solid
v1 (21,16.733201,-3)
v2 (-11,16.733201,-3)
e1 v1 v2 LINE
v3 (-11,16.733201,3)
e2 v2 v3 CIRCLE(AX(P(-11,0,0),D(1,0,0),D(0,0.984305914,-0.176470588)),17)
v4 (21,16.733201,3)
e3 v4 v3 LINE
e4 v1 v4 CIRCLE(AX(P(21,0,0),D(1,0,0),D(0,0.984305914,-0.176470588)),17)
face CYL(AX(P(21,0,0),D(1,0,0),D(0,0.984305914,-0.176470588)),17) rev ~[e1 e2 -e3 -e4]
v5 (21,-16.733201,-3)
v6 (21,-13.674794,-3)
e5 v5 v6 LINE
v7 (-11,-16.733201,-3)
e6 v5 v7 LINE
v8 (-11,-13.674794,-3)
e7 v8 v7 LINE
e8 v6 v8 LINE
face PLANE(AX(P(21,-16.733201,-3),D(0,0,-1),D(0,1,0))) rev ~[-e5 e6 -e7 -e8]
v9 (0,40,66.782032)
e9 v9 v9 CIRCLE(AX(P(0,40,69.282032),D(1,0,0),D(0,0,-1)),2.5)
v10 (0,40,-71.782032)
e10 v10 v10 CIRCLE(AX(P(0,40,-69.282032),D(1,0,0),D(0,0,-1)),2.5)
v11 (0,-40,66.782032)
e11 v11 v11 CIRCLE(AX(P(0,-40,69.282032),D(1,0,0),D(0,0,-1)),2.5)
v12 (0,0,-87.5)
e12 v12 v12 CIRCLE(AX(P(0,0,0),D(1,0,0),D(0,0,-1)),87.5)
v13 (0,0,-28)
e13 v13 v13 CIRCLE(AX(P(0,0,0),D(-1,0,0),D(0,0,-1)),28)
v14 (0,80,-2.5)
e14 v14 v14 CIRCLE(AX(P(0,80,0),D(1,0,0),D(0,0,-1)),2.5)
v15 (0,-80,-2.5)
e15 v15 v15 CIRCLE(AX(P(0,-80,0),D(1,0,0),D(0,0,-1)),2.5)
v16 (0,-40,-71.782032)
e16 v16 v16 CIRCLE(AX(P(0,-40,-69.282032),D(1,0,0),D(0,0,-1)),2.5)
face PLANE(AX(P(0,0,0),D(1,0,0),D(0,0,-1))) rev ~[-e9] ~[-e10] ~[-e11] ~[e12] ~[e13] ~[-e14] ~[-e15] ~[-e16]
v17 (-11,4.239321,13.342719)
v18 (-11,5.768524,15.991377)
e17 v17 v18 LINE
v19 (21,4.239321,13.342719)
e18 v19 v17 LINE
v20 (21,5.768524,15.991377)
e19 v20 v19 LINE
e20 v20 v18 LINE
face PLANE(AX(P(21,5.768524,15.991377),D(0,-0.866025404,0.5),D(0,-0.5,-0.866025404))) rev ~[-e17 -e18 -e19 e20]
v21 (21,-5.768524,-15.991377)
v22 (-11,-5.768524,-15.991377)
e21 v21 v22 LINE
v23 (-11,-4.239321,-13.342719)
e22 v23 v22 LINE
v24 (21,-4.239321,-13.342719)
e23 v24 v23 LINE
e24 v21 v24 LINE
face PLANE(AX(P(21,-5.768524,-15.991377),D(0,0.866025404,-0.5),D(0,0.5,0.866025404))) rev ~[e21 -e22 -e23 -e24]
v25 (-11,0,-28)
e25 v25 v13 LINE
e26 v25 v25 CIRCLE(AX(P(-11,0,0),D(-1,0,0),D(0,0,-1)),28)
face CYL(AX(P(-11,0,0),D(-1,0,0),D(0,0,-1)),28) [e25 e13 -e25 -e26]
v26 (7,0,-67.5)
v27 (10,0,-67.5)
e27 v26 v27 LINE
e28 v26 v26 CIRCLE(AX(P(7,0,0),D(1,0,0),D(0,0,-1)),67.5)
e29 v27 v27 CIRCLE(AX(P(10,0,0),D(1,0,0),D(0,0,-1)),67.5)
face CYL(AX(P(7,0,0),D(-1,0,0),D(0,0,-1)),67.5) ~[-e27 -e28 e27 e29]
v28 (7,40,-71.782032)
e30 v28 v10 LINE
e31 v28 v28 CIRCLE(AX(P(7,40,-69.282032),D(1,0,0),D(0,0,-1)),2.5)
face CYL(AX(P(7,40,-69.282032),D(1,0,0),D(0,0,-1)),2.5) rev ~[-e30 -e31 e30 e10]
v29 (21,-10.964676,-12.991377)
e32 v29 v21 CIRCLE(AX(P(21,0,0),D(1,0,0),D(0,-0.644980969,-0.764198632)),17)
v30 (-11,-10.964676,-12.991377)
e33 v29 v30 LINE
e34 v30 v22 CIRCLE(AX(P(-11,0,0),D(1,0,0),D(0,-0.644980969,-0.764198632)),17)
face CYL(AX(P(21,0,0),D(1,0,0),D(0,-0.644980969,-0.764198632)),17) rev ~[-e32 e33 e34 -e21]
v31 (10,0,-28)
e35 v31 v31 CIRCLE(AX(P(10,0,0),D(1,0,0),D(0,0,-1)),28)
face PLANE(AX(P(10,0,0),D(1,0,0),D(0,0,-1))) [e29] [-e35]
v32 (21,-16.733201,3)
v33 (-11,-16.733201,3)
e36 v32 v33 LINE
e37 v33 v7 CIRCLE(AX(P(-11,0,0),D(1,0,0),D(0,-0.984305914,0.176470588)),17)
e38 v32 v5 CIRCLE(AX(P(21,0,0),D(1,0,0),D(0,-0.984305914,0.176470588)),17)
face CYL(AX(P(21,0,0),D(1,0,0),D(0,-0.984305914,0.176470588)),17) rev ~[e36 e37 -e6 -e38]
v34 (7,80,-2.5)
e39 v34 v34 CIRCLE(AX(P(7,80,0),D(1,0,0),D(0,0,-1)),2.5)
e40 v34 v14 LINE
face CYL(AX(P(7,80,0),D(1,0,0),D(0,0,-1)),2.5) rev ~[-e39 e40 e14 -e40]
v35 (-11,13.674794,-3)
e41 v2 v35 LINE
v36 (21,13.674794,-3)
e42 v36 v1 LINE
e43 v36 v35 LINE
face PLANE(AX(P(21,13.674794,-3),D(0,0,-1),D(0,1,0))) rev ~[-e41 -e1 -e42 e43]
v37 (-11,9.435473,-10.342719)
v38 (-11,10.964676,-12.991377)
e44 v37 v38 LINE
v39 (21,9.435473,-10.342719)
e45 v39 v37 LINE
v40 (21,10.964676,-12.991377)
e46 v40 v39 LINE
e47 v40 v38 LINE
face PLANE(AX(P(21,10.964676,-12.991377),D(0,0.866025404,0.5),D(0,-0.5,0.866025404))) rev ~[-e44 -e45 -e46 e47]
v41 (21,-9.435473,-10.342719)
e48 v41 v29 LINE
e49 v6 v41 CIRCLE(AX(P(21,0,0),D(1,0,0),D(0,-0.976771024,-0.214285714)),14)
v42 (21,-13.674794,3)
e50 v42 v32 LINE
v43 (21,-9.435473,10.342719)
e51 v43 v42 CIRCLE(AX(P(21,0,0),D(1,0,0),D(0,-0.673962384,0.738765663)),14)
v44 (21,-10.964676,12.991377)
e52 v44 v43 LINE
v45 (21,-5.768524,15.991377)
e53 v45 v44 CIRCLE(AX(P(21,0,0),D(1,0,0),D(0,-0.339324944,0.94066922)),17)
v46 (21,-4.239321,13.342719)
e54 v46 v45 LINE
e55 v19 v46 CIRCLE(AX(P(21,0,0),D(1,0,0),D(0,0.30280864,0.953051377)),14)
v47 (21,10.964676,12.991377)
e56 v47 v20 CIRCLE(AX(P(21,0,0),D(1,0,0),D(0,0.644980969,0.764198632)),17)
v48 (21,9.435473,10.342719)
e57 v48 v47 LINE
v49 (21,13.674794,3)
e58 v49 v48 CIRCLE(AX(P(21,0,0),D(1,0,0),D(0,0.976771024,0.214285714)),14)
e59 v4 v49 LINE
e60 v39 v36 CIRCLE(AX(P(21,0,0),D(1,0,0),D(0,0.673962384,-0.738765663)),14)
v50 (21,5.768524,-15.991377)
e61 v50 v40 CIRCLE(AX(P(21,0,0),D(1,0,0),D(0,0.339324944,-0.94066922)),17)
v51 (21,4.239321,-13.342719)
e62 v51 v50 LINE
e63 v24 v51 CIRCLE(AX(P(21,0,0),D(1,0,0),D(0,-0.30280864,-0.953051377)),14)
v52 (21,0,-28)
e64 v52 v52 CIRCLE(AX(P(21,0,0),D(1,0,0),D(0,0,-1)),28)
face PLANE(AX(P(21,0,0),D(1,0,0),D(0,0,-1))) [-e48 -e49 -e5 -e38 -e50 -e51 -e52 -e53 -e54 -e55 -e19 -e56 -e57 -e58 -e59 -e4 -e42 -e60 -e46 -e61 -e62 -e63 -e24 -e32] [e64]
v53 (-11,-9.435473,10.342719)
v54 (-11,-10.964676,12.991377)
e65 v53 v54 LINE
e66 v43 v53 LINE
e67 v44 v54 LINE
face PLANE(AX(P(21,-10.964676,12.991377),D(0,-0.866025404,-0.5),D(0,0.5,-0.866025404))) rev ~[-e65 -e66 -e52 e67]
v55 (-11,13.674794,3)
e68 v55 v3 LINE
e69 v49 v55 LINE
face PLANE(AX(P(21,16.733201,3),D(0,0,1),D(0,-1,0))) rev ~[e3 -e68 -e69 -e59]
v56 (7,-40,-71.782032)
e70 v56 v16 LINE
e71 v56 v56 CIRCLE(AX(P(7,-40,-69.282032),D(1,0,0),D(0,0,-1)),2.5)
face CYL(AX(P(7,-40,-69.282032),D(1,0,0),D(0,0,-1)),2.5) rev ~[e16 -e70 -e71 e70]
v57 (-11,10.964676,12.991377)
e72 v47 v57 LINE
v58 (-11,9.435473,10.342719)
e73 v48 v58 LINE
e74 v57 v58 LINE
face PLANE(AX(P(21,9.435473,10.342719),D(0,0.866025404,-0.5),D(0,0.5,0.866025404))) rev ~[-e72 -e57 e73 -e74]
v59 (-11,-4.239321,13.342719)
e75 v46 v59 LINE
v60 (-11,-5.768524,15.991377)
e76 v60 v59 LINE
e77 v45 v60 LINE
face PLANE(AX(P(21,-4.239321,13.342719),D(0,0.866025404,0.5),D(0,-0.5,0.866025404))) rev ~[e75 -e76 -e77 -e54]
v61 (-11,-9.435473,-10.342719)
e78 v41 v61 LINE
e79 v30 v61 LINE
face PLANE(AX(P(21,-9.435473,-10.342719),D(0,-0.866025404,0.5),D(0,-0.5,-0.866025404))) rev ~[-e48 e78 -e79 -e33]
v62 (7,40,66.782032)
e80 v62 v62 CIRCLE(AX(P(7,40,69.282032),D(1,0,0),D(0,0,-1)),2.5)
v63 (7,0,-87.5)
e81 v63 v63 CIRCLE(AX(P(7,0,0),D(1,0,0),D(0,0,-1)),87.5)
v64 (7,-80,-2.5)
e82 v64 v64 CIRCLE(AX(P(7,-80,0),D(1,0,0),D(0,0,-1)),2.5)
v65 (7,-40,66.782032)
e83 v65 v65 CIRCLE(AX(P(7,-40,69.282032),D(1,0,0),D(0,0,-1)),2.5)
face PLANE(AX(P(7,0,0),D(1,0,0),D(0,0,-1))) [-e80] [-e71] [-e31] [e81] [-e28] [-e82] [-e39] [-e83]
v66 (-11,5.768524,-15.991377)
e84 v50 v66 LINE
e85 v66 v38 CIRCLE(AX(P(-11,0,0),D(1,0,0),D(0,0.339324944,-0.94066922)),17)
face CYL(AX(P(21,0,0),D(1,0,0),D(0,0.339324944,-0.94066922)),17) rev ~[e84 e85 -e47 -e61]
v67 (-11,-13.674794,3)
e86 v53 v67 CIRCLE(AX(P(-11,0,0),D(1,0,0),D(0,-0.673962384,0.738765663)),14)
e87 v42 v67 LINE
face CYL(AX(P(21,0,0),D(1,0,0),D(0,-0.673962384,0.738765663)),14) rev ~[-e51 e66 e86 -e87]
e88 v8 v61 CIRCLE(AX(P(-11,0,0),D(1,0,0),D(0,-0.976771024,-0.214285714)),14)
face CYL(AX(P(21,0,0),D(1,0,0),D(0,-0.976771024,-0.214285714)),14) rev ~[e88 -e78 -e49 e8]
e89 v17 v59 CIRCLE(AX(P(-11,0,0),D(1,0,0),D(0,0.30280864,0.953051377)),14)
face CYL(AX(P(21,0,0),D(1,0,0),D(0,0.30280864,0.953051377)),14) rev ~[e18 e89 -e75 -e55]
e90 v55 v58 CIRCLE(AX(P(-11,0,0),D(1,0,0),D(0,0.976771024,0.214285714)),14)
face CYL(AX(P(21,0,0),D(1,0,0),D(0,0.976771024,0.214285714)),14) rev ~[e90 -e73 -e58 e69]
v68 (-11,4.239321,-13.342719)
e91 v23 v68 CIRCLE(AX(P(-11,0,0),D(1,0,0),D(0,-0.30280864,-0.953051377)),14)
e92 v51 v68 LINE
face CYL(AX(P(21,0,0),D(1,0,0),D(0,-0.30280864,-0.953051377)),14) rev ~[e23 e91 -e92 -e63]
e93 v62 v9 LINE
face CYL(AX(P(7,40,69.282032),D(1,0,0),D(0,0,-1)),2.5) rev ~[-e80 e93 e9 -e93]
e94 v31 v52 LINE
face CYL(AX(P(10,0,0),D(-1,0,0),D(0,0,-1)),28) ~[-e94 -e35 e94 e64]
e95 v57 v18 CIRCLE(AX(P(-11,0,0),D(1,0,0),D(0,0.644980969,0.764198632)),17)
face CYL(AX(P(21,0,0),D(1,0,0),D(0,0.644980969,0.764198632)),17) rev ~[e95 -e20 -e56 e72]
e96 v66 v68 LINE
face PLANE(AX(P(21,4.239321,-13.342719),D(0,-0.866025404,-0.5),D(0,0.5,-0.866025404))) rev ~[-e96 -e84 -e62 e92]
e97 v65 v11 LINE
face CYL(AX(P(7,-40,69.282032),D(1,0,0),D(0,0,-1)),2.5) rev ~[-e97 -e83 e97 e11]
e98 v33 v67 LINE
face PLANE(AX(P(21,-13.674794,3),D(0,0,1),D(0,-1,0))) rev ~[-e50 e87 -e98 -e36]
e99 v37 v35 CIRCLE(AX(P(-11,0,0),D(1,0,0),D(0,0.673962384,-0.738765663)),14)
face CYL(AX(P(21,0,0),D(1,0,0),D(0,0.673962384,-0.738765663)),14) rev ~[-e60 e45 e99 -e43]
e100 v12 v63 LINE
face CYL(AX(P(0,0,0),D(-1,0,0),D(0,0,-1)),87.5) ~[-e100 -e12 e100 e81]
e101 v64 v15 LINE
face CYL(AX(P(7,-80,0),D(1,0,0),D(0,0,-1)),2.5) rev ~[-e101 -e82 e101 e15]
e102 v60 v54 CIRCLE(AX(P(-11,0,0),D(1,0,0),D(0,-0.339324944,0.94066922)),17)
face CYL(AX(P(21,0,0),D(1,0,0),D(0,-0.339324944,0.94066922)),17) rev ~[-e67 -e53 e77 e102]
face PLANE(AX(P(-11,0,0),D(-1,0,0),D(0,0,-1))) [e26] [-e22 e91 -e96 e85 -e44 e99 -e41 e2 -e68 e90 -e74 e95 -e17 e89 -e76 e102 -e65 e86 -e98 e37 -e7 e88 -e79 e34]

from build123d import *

# Parameters (mm, degrees)
SKETCH1_R           = 87.5
BOSS_EXTRUDE1_DEPTH = 7
SKETCH2_R           = 67.5
BOSS_EXTRUDE2_DEPTH = 3
SKETCH3_R           = 2.5
CUT_EXTRUDE1_DEPTH  = 124.941518467
SKETCH4_R           = 28
BOSS_EXTRUDE3_DEPTH = 11
BOSS_EXTRUDE4_START = 11
SKETCH6_R           = 28
BOSS_EXTRUDE4_DEPTH = 11
CUT_EXTRUDE2_DEPTH  = 128.814318447


with BuildPart() as part:
    # Sketch1 → Boss-Extrude1 (new body)
    with BuildSketch(Plane(origin=(0, 0, 0), x_dir=(0, 0, -1), z_dir=(1, 0, 0))):
        Circle(SKETCH1_R)
    extrude(amount=BOSS_EXTRUDE1_DEPTH)

    # Sketch2 → Boss-Extrude2 (add)
    with BuildSketch(Plane(origin=(7, 0, 0), x_dir=(0, 0, -1), z_dir=(1, 0, 0))):
        Circle(SKETCH2_R)
    extrude(amount=BOSS_EXTRUDE2_DEPTH)

    # Sketch3 → Cut-Extrude1 (cut, through all)
    with BuildSketch(Plane(origin=(7, 0, 0), x_dir=(0, 0, -1), z_dir=(1, 0, 0))):
        with Locations((0, -80)):
            Circle(SKETCH3_R)
        with Locations((-69.282032303, -40)):
            Circle(SKETCH3_R)
        with Locations((-69.282032303, 40)):
            Circle(SKETCH3_R)
        with Locations((0, 80)):
            Circle(SKETCH3_R)
        with Locations((69.282032303, 40)):
            Circle(SKETCH3_R)
        with Locations((69.282032303, -40)):
            Circle(SKETCH3_R)
    extrude(amount=-CUT_EXTRUDE1_DEPTH, mode=Mode.SUBTRACT)

    # Sketch4 → Boss-Extrude3 (add)
    with BuildSketch(Plane(origin=(10, 0, 0), x_dir=(0, 0, -1), z_dir=(1, 0, 0))):
        Circle(SKETCH4_R)
    extrude(amount=BOSS_EXTRUDE3_DEPTH)

    # Sketch6 → Boss-Extrude4 (add)
    with BuildSketch(Plane.ZY.offset(BOSS_EXTRUDE4_START)):
        with Locations(Location((0, 0, 0), (0, 0, 180))):
            Circle(SKETCH6_R)
    extrude(amount=-BOSS_EXTRUDE4_DEPTH)

    # Sketch8 → Cut-Extrude2 (cut, through all)
    with BuildSketch(Plane(origin=(21, 0, 0), x_dir=(0, 0, -1), z_dir=(1, 0, 0))):
        with BuildLine():
            Line((-3, 16.733200531), (-3, 13.674794331))
            ThreePointArc((-3, 13.674794331), (-7, 12.124355653), (-10.342719282, 9.435473377))
            Line((-10.342719282, 9.435473377), (-12.991376746, 10.964676477))
            ThreePointArc((-12.991376746, 10.964676477), (-14.722431864, 8.5), (-15.991376746, 5.768524054))
            Line((-15.991376746, 5.768524054), (-13.342719282, 4.239320954))
            ThreePointArc((-13.342719282, 4.239320954), (-14, 0), (-13.342719282, -4.239320954))
            Line((-13.342719282, -4.239320954), (-15.991376746, -5.768524054))
            ThreePointArc((-15.991376746, -5.768524054), (-14.722431864, -8.5), (-12.991376746, -10.964676477))
            Line((-12.991376746, -10.964676477), (-10.342719282, -9.435473377))
            ThreePointArc((-10.342719282, -9.435473377), (-7, -12.124355653), (-3, -13.674794331))
            Line((-3, -13.674794331), (-3, -16.733200531))
            ThreePointArc((-3, -16.733200531), (0, -17), (3, -16.733200531))
            Line((3, -16.733200531), (3, -13.674794331))
            ThreePointArc((3, -13.674794331), (7, -12.124355653), (10.342719282, -9.435473377))
            Line((10.342719282, -9.435473377), (12.991376746, -10.964676477))
            ThreePointArc((12.991376746, -10.964676477), (14.722431864, -8.5), (15.991376746, -5.768524054))
            Line((15.991376746, -5.768524054), (13.342719282, -4.239320954))
            ThreePointArc((13.342719282, -4.239320954), (14, 0), (13.342719282, 4.239320954))
            Line((13.342719282, 4.239320954), (15.991376746, 5.768524054))
            ThreePointArc((15.991376746, 5.768524054), (14.722431864, 8.5), (12.991376746, 10.964676477))
            Line((12.991376746, 10.964676477), (10.342719282, 9.435473377))
            ThreePointArc((10.342719282, 9.435473377), (7, 12.124355653), (3, 13.674794331))
            Line((3, 13.674794331), (3, 16.733200531))
            ThreePointArc((3, 16.733200531), (0, 17), (-3, 16.733200531))
        make_face()
    extrude(amount=-CUT_EXTRUDE2_DEPTH, mode=Mode.SUBTRACT)


solid = part.part
